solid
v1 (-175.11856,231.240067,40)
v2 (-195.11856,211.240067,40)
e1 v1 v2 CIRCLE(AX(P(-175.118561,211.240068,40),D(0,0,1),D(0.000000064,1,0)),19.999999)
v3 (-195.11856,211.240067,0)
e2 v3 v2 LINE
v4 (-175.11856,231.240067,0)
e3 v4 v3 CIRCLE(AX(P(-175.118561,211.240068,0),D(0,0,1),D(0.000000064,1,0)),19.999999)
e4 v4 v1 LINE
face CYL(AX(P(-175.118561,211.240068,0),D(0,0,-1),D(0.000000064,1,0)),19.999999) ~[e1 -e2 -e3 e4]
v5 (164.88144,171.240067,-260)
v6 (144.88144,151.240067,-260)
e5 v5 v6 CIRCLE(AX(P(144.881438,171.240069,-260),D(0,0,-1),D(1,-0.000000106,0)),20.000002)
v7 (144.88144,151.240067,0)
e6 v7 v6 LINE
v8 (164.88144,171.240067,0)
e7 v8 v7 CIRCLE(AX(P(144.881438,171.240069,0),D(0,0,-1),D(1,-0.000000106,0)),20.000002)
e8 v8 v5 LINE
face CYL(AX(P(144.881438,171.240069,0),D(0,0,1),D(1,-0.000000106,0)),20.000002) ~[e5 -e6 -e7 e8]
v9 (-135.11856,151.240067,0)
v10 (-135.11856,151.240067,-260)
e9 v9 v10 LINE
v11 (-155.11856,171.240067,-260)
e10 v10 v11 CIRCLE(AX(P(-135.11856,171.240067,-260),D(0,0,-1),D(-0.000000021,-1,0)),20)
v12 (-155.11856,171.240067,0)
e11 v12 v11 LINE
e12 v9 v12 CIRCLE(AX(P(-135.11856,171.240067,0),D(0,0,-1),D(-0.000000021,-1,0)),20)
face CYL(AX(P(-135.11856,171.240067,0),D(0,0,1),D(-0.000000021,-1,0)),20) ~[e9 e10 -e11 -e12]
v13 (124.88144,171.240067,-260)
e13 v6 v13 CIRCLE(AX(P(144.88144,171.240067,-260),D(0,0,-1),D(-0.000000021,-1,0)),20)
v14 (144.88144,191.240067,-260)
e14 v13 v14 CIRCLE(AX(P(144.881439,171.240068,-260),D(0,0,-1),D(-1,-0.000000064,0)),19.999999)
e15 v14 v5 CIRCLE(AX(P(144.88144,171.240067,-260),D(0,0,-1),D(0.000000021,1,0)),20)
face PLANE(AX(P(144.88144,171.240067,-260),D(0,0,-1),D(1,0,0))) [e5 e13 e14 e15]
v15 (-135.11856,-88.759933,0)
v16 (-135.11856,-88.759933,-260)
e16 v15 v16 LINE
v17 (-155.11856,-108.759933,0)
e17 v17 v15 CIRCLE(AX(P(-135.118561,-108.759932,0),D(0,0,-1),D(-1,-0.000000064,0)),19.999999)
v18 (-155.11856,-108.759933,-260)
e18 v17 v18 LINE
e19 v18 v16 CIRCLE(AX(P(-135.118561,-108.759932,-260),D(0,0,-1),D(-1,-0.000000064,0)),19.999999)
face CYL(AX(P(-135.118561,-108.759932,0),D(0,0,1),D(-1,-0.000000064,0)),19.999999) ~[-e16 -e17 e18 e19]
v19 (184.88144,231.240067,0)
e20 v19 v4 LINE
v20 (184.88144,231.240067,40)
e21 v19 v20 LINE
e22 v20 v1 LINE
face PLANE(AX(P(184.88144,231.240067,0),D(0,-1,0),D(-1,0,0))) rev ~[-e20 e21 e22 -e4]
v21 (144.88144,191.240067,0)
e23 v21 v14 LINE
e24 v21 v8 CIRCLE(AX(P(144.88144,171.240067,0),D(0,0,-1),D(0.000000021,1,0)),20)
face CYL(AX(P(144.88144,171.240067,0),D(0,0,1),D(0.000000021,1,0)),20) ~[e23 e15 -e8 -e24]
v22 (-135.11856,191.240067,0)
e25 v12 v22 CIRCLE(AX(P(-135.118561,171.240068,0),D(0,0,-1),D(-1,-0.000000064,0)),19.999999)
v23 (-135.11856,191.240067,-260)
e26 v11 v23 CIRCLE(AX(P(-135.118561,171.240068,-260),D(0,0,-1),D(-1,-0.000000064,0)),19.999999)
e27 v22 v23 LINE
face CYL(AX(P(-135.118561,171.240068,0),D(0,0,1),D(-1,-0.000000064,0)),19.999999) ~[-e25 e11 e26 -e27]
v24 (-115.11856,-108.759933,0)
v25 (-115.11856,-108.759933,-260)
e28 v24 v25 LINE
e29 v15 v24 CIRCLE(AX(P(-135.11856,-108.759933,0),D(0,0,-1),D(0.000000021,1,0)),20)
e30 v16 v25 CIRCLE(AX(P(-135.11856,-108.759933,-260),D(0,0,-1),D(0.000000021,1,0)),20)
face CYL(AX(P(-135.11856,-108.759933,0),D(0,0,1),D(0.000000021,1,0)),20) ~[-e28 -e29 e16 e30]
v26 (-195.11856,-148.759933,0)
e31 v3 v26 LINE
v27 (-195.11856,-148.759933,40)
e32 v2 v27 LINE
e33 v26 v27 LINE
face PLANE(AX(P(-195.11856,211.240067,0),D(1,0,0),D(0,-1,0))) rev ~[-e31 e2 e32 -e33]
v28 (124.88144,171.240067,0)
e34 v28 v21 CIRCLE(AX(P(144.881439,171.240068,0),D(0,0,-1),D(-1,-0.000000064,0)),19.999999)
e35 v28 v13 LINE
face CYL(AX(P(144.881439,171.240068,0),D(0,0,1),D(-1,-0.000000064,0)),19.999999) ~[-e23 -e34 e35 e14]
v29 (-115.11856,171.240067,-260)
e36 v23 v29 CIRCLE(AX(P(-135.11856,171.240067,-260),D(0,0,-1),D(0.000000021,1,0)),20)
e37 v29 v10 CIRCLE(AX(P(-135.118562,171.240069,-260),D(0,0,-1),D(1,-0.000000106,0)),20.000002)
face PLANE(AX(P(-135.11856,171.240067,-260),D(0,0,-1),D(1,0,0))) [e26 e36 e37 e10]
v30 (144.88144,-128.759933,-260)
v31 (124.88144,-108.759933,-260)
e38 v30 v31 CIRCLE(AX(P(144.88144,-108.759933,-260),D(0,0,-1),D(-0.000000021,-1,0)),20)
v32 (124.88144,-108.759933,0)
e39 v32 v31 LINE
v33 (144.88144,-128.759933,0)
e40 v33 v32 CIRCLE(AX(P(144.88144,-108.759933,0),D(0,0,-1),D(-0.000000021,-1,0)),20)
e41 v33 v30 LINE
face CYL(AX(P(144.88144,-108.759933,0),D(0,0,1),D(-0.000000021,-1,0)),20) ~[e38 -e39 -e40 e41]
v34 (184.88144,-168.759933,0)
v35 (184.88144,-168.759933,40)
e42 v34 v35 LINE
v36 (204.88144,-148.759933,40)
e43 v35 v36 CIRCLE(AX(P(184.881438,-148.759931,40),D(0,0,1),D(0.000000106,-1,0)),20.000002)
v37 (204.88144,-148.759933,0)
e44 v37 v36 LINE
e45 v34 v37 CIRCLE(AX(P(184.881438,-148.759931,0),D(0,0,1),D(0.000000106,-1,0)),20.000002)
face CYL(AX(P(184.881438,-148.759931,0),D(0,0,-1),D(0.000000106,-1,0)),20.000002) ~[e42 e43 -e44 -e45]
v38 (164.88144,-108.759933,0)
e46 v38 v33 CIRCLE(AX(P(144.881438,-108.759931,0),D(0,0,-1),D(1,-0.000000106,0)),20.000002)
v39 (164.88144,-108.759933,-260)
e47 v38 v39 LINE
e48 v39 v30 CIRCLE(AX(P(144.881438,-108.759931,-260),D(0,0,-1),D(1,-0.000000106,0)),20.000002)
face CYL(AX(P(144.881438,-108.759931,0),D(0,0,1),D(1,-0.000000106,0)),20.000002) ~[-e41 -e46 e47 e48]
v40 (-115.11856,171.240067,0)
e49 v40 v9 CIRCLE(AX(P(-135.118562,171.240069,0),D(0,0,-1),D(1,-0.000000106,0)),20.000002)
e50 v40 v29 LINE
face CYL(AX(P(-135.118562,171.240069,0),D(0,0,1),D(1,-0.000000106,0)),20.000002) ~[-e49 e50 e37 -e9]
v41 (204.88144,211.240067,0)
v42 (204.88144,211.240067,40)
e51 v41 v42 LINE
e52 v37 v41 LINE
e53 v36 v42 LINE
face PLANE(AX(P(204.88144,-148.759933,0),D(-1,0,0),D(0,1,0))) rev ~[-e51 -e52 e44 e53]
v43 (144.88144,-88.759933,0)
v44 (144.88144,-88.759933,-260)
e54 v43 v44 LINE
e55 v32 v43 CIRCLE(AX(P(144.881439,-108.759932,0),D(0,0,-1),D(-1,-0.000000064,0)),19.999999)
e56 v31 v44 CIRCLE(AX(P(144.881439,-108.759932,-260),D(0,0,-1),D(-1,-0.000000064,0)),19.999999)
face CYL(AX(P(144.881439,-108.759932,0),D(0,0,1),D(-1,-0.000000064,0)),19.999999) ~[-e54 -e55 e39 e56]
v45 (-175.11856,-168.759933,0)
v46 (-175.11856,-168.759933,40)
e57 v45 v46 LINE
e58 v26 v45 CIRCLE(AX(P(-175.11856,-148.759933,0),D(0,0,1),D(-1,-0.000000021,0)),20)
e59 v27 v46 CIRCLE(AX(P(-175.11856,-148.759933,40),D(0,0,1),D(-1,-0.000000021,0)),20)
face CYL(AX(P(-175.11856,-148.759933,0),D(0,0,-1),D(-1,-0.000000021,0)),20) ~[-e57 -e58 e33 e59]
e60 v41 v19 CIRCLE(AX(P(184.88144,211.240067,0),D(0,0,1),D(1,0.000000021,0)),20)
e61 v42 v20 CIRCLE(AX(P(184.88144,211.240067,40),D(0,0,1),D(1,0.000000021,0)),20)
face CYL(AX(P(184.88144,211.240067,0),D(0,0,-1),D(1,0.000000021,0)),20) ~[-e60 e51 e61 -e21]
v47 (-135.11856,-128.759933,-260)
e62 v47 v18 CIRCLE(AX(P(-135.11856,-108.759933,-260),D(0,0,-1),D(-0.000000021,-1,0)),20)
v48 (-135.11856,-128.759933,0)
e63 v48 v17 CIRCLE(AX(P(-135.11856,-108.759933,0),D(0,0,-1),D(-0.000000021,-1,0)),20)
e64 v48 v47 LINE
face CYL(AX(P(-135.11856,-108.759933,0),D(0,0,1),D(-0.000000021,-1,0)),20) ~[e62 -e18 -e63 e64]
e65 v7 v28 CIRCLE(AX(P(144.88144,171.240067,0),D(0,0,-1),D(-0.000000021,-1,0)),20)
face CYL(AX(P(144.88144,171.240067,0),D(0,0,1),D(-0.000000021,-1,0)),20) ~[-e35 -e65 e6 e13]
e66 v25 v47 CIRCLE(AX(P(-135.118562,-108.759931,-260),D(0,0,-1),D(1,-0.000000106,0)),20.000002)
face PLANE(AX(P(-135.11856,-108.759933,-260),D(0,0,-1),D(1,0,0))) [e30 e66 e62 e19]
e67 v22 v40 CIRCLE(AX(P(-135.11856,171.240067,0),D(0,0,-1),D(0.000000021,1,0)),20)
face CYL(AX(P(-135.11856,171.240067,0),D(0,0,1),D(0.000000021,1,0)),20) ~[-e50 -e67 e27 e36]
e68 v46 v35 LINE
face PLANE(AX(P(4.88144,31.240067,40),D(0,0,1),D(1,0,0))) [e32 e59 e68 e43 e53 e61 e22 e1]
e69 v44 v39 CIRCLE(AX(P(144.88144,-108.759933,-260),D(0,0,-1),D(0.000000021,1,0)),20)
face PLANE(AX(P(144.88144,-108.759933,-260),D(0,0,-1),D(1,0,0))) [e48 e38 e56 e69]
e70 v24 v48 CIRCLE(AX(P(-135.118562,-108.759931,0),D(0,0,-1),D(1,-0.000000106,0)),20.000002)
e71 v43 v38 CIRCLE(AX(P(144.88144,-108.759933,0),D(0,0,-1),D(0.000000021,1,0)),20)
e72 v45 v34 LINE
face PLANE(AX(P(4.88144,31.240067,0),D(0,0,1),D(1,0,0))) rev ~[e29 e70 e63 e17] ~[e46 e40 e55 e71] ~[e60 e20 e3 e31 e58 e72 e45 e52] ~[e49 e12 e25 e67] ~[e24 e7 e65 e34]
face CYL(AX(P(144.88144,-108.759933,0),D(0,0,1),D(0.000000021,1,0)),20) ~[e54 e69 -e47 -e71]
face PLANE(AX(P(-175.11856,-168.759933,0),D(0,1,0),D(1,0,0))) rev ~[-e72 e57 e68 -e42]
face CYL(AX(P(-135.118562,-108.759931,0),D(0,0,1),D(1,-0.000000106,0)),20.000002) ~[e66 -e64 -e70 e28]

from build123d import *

# Parameters (mm, degrees)
F1_DEPTH = 40
F3_DEPTH = 260


with BuildPart() as f1:
    # F0 (on Top) → F1 (new body)
    with BuildSketch(Plane.XY):
        with BuildLine():
            Line((184.88144, 231.240067), (-175.11856, 231.240067))
            ThreePointArc((-175.11856, 231.240067), (-189.260696, 225.382203), (-195.11856, 211.240067))
            Line((-195.11856, 211.240067), (-195.11856, -148.759933))
            ThreePointArc((-195.11856, -148.759933), (-189.260696, -162.902068), (-175.11856, -168.759933))
            Line((-175.11856, -168.759933), (184.88144, -168.759933))
            ThreePointArc((184.88144, -168.759933), (199.023575, -162.902068), (204.88144, -148.759933))
            Line((204.88144, -148.759933), (204.88144, 211.240067))
            ThreePointArc((204.88144, 211.240067), (199.023575, 225.382203), (184.88144, 231.240067))
        make_face()
    extrude(amount=F1_DEPTH)

    # F2 (on face) → F3 (join)
    with BuildSketch(Plane(origin=(0, 0, 0), x_dir=(1, 0, 0), z_dir=(0, 0, -1))):
        with BuildLine():
            ThreePointArc((-135.11856, -191.240067), (-120.976425, -185.382203), (-115.11856, -171.240067))
            ThreePointArc((-115.11856, -171.240067), (-120.976425, -157.097932), (-135.11856, -151.240067))
            ThreePointArc((-135.11856, -151.240067), (-149.260696, -157.097932), (-155.11856, -171.240067))
            ThreePointArc((-155.11856, -171.240067), (-149.260696, -185.382203), (-135.11856, -191.240067))
        make_face()
        with BuildLine():
            ThreePointArc((-135.11856, 88.759933), (-120.976425, 94.617797), (-115.11856, 108.759933))
            ThreePointArc((-115.11856, 108.759933), (-120.976425, 122.902068), (-135.11856, 128.759933))
            ThreePointArc((-135.11856, 128.759933), (-149.260696, 122.902068), (-155.11856, 108.759933))
            ThreePointArc((-155.11856, 108.759933), (-149.260696, 94.617797), (-135.11856, 88.759933))
        make_face()
        with BuildLine():
            ThreePointArc((144.88144, 128.759933), (130.739304, 122.902068), (124.88144, 108.759933))
            ThreePointArc((124.88144, 108.759933), (130.739304, 94.617797), (144.88144, 88.759933))
            ThreePointArc((144.88144, 88.759933), (159.023575, 94.617797), (164.88144, 108.759933))
            ThreePointArc((164.88144, 108.759933), (159.023575, 122.902068), (144.88144, 128.759933))
        make_face()
        with BuildLine():
            ThreePointArc((164.88144, -171.240067), (159.023575, -157.097932), (144.88144, -151.240067))
            ThreePointArc((144.88144, -151.240067), (130.739304, -157.097932), (124.88144, -171.240067))
            ThreePointArc((124.88144, -171.240067), (130.739304, -185.382203), (144.88144, -191.240067))
            ThreePointArc((144.88144, -191.240067), (159.023575, -185.382203), (164.88144, -171.240067))
        make_face()
    extrude(amount=F3_DEPTH)


solid = f1.part
